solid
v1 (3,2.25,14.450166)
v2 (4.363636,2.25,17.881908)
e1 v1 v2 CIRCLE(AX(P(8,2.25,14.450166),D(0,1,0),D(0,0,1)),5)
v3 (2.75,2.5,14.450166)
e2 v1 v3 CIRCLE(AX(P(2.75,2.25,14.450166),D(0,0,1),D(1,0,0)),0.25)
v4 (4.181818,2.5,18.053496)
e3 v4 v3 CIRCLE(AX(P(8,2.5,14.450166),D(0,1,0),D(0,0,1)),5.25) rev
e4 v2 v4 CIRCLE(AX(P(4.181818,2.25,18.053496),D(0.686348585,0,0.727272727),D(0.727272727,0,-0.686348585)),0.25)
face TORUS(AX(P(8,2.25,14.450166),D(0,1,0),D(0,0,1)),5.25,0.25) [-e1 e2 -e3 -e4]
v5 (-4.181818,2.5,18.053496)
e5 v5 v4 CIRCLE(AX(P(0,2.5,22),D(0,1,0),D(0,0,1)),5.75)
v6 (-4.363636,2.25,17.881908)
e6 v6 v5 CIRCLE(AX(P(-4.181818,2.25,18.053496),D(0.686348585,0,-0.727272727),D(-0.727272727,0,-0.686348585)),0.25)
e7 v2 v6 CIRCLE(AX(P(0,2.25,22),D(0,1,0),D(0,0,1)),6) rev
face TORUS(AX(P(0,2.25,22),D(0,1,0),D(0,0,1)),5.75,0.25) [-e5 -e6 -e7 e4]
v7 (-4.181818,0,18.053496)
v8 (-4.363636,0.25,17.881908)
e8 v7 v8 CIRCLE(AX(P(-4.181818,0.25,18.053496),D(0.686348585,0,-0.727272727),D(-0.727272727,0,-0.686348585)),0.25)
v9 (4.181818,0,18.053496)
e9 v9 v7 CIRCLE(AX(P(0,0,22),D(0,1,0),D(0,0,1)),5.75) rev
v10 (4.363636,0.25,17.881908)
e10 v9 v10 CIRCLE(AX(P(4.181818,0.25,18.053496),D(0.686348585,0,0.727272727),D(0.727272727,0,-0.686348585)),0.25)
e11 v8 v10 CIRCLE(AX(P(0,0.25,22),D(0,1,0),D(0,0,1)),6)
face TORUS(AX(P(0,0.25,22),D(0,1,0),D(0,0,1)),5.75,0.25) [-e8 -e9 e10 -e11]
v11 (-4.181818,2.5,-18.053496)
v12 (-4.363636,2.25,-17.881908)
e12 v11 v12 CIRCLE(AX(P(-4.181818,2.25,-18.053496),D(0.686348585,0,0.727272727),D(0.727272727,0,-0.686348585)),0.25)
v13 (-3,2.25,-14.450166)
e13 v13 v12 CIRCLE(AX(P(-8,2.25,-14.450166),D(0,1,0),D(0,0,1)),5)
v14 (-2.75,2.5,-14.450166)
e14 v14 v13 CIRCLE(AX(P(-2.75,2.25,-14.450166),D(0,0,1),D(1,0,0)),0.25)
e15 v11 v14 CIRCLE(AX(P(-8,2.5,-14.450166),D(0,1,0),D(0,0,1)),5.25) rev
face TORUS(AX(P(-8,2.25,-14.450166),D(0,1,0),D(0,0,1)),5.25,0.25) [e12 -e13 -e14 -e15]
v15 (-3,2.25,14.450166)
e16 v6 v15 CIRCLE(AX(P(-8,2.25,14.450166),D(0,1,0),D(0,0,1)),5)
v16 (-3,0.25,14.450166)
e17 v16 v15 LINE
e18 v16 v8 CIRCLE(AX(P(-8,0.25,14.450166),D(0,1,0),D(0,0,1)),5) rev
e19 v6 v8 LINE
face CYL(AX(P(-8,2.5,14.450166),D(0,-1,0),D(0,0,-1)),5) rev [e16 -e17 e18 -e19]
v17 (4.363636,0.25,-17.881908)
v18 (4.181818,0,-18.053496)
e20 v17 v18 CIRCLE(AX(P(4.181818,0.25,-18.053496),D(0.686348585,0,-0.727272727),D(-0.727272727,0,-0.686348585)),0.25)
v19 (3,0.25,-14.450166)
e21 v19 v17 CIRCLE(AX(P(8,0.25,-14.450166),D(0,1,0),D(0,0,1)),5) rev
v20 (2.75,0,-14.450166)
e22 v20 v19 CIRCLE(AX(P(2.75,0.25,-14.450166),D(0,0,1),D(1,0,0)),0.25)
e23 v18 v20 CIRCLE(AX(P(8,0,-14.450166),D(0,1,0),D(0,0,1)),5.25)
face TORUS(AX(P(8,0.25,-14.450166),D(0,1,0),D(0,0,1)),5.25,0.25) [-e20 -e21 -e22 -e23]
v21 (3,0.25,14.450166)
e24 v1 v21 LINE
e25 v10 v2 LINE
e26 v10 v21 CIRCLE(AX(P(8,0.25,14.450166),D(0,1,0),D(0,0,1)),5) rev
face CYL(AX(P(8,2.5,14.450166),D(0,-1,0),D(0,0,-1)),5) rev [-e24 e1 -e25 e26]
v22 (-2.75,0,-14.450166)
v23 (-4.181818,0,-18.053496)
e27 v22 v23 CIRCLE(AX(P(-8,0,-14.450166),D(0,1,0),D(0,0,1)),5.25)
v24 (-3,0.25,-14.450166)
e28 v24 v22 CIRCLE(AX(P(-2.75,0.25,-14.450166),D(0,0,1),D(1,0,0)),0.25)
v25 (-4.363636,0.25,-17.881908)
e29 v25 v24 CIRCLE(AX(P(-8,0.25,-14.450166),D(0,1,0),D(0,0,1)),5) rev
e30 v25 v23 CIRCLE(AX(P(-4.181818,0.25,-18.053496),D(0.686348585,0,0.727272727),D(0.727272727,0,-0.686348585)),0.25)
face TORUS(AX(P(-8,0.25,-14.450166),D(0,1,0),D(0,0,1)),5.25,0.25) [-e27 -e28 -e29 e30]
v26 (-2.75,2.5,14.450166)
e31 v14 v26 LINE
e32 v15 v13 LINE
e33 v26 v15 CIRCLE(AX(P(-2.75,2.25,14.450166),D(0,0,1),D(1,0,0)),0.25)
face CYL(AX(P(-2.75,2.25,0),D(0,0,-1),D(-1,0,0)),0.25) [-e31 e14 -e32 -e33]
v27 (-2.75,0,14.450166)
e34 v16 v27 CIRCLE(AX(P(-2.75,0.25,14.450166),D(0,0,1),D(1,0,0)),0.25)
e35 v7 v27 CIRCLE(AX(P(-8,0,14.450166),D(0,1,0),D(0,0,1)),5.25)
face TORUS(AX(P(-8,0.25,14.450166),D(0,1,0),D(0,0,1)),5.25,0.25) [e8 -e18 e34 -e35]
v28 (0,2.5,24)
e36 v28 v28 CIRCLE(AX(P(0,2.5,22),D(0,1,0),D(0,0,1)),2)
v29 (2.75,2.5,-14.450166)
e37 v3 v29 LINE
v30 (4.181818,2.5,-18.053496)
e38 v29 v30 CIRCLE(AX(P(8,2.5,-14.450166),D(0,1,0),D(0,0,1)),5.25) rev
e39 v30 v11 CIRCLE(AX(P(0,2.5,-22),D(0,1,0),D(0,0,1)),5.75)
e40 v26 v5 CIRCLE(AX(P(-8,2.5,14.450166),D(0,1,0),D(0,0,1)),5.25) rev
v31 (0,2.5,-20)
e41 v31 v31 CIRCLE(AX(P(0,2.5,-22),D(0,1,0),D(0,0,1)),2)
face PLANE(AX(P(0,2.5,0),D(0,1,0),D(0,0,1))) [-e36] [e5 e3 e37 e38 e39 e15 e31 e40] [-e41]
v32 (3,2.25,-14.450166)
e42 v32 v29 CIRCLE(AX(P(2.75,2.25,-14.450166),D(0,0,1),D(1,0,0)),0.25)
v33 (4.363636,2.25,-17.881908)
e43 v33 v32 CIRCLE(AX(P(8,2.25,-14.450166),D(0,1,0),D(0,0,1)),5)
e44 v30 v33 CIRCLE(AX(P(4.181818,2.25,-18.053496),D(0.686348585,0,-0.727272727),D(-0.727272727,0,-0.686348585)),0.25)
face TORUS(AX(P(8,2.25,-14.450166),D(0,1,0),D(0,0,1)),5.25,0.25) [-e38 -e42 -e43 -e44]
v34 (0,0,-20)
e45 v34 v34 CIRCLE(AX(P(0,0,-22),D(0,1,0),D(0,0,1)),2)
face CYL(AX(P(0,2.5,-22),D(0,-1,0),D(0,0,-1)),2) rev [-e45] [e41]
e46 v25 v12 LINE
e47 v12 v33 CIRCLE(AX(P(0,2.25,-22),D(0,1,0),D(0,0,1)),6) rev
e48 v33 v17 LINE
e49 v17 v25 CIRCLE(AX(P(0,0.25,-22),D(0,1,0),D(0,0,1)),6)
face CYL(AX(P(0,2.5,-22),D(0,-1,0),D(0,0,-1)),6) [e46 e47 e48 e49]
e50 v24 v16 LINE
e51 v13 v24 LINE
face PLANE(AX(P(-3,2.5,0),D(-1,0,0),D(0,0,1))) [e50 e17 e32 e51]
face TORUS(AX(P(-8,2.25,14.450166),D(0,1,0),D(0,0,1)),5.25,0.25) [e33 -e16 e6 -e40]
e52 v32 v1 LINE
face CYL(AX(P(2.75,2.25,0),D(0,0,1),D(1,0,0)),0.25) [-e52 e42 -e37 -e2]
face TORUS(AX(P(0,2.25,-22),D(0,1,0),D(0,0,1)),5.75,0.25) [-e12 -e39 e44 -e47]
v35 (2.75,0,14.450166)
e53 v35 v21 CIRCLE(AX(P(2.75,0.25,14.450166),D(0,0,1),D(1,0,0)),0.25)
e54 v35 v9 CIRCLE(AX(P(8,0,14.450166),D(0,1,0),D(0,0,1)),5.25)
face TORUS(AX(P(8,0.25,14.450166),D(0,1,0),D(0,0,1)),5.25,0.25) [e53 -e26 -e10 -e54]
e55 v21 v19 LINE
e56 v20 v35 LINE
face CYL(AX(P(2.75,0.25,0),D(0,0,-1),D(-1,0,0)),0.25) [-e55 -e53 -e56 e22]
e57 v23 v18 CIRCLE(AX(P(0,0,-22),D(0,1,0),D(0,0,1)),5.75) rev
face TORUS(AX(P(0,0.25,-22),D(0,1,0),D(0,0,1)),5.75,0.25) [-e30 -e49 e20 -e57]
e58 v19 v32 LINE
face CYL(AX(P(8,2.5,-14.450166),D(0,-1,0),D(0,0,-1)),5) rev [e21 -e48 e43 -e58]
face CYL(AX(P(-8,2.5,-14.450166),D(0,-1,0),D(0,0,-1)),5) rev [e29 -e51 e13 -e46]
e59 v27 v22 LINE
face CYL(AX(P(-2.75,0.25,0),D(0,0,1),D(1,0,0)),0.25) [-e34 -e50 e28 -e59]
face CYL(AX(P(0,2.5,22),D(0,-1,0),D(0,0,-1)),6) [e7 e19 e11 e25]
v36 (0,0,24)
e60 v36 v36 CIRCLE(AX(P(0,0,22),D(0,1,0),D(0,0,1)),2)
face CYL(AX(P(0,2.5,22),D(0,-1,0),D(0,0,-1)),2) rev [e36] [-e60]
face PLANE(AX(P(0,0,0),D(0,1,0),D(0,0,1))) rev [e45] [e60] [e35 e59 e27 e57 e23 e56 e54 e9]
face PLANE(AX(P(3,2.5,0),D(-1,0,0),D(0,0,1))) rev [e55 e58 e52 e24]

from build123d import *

# Parameters (mm, degrees)
SKETCH1_R           = 2
BOSS_EXTRUDE1_DEPTH = 2.5
FILLET1_R           = 5
FILLET2_R           = 0.25


with BuildPart() as part:
    # Sketch1 → Boss-Extrude1 (new body)
    with BuildSketch(Plane(origin=(0, 0, 0), x_dir=(1, 0, 0), z_dir=(0, 1, 0))):
        with BuildLine():
            ThreePointArc((-3, -16.803847577), (0, -28), (3, -16.803847577))
            Line((3, -16.803847577), (3, 16.803847577))
            ThreePointArc((3, 16.803847577), (0, 28), (-3, 16.803847577))
            Line((-3, 16.803847577), (-3, -16.803847577))
        make_face()
        with Locations((0, -22)):
            Circle(SKETCH1_R, mode=Mode.SUBTRACT)
        with Locations((0, 22)):
            Circle(SKETCH1_R, mode=Mode.SUBTRACT)
    extrude(amount=BOSS_EXTRUDE1_DEPTH)

    # Fillet1
    fillet1_edges = [part.edges().sort_by_distance(p)[0] for p in [
        (-3, 1.25, 16.803847577),
        (-3, 1.25, -16.803847577),
        (3, 1.25, -16.803847577),
        (3, 1.25, 16.803847577),
    ]]
    fillet(fillet1_edges, radius=FILLET1_R)

    # Fillet2
    fillet2_edges = [part.edges().sort_by_distance(p)[0] for p in [
        (0, 0, -28),
        (0, 2.5, -28),
        (3, 0, 0),
        (3, 2.5, 0),
        (0, 0, 28),
        (0, 2.5, 28),
        (-3, 0, 0),
        (-3, 2.5, 0),
        (3.353398114, 0, -16.296537929),
        (3.353398114, 2.5, -16.296537929),
        (3.353398114, 0, 16.296537929),
        (3.353398114, 2.5, 16.296537929),
        (-3.353398114, 0, 16.296537929),
        (-3.353398114, 2.5, 16.296537929),
        (-3.353398114, 0, -16.296537929),
        (-3.353398114, 2.5, -16.296537929),
    ]]
    fillet(fillet2_edges, radius=FILLET2_R)


solid = part.part
